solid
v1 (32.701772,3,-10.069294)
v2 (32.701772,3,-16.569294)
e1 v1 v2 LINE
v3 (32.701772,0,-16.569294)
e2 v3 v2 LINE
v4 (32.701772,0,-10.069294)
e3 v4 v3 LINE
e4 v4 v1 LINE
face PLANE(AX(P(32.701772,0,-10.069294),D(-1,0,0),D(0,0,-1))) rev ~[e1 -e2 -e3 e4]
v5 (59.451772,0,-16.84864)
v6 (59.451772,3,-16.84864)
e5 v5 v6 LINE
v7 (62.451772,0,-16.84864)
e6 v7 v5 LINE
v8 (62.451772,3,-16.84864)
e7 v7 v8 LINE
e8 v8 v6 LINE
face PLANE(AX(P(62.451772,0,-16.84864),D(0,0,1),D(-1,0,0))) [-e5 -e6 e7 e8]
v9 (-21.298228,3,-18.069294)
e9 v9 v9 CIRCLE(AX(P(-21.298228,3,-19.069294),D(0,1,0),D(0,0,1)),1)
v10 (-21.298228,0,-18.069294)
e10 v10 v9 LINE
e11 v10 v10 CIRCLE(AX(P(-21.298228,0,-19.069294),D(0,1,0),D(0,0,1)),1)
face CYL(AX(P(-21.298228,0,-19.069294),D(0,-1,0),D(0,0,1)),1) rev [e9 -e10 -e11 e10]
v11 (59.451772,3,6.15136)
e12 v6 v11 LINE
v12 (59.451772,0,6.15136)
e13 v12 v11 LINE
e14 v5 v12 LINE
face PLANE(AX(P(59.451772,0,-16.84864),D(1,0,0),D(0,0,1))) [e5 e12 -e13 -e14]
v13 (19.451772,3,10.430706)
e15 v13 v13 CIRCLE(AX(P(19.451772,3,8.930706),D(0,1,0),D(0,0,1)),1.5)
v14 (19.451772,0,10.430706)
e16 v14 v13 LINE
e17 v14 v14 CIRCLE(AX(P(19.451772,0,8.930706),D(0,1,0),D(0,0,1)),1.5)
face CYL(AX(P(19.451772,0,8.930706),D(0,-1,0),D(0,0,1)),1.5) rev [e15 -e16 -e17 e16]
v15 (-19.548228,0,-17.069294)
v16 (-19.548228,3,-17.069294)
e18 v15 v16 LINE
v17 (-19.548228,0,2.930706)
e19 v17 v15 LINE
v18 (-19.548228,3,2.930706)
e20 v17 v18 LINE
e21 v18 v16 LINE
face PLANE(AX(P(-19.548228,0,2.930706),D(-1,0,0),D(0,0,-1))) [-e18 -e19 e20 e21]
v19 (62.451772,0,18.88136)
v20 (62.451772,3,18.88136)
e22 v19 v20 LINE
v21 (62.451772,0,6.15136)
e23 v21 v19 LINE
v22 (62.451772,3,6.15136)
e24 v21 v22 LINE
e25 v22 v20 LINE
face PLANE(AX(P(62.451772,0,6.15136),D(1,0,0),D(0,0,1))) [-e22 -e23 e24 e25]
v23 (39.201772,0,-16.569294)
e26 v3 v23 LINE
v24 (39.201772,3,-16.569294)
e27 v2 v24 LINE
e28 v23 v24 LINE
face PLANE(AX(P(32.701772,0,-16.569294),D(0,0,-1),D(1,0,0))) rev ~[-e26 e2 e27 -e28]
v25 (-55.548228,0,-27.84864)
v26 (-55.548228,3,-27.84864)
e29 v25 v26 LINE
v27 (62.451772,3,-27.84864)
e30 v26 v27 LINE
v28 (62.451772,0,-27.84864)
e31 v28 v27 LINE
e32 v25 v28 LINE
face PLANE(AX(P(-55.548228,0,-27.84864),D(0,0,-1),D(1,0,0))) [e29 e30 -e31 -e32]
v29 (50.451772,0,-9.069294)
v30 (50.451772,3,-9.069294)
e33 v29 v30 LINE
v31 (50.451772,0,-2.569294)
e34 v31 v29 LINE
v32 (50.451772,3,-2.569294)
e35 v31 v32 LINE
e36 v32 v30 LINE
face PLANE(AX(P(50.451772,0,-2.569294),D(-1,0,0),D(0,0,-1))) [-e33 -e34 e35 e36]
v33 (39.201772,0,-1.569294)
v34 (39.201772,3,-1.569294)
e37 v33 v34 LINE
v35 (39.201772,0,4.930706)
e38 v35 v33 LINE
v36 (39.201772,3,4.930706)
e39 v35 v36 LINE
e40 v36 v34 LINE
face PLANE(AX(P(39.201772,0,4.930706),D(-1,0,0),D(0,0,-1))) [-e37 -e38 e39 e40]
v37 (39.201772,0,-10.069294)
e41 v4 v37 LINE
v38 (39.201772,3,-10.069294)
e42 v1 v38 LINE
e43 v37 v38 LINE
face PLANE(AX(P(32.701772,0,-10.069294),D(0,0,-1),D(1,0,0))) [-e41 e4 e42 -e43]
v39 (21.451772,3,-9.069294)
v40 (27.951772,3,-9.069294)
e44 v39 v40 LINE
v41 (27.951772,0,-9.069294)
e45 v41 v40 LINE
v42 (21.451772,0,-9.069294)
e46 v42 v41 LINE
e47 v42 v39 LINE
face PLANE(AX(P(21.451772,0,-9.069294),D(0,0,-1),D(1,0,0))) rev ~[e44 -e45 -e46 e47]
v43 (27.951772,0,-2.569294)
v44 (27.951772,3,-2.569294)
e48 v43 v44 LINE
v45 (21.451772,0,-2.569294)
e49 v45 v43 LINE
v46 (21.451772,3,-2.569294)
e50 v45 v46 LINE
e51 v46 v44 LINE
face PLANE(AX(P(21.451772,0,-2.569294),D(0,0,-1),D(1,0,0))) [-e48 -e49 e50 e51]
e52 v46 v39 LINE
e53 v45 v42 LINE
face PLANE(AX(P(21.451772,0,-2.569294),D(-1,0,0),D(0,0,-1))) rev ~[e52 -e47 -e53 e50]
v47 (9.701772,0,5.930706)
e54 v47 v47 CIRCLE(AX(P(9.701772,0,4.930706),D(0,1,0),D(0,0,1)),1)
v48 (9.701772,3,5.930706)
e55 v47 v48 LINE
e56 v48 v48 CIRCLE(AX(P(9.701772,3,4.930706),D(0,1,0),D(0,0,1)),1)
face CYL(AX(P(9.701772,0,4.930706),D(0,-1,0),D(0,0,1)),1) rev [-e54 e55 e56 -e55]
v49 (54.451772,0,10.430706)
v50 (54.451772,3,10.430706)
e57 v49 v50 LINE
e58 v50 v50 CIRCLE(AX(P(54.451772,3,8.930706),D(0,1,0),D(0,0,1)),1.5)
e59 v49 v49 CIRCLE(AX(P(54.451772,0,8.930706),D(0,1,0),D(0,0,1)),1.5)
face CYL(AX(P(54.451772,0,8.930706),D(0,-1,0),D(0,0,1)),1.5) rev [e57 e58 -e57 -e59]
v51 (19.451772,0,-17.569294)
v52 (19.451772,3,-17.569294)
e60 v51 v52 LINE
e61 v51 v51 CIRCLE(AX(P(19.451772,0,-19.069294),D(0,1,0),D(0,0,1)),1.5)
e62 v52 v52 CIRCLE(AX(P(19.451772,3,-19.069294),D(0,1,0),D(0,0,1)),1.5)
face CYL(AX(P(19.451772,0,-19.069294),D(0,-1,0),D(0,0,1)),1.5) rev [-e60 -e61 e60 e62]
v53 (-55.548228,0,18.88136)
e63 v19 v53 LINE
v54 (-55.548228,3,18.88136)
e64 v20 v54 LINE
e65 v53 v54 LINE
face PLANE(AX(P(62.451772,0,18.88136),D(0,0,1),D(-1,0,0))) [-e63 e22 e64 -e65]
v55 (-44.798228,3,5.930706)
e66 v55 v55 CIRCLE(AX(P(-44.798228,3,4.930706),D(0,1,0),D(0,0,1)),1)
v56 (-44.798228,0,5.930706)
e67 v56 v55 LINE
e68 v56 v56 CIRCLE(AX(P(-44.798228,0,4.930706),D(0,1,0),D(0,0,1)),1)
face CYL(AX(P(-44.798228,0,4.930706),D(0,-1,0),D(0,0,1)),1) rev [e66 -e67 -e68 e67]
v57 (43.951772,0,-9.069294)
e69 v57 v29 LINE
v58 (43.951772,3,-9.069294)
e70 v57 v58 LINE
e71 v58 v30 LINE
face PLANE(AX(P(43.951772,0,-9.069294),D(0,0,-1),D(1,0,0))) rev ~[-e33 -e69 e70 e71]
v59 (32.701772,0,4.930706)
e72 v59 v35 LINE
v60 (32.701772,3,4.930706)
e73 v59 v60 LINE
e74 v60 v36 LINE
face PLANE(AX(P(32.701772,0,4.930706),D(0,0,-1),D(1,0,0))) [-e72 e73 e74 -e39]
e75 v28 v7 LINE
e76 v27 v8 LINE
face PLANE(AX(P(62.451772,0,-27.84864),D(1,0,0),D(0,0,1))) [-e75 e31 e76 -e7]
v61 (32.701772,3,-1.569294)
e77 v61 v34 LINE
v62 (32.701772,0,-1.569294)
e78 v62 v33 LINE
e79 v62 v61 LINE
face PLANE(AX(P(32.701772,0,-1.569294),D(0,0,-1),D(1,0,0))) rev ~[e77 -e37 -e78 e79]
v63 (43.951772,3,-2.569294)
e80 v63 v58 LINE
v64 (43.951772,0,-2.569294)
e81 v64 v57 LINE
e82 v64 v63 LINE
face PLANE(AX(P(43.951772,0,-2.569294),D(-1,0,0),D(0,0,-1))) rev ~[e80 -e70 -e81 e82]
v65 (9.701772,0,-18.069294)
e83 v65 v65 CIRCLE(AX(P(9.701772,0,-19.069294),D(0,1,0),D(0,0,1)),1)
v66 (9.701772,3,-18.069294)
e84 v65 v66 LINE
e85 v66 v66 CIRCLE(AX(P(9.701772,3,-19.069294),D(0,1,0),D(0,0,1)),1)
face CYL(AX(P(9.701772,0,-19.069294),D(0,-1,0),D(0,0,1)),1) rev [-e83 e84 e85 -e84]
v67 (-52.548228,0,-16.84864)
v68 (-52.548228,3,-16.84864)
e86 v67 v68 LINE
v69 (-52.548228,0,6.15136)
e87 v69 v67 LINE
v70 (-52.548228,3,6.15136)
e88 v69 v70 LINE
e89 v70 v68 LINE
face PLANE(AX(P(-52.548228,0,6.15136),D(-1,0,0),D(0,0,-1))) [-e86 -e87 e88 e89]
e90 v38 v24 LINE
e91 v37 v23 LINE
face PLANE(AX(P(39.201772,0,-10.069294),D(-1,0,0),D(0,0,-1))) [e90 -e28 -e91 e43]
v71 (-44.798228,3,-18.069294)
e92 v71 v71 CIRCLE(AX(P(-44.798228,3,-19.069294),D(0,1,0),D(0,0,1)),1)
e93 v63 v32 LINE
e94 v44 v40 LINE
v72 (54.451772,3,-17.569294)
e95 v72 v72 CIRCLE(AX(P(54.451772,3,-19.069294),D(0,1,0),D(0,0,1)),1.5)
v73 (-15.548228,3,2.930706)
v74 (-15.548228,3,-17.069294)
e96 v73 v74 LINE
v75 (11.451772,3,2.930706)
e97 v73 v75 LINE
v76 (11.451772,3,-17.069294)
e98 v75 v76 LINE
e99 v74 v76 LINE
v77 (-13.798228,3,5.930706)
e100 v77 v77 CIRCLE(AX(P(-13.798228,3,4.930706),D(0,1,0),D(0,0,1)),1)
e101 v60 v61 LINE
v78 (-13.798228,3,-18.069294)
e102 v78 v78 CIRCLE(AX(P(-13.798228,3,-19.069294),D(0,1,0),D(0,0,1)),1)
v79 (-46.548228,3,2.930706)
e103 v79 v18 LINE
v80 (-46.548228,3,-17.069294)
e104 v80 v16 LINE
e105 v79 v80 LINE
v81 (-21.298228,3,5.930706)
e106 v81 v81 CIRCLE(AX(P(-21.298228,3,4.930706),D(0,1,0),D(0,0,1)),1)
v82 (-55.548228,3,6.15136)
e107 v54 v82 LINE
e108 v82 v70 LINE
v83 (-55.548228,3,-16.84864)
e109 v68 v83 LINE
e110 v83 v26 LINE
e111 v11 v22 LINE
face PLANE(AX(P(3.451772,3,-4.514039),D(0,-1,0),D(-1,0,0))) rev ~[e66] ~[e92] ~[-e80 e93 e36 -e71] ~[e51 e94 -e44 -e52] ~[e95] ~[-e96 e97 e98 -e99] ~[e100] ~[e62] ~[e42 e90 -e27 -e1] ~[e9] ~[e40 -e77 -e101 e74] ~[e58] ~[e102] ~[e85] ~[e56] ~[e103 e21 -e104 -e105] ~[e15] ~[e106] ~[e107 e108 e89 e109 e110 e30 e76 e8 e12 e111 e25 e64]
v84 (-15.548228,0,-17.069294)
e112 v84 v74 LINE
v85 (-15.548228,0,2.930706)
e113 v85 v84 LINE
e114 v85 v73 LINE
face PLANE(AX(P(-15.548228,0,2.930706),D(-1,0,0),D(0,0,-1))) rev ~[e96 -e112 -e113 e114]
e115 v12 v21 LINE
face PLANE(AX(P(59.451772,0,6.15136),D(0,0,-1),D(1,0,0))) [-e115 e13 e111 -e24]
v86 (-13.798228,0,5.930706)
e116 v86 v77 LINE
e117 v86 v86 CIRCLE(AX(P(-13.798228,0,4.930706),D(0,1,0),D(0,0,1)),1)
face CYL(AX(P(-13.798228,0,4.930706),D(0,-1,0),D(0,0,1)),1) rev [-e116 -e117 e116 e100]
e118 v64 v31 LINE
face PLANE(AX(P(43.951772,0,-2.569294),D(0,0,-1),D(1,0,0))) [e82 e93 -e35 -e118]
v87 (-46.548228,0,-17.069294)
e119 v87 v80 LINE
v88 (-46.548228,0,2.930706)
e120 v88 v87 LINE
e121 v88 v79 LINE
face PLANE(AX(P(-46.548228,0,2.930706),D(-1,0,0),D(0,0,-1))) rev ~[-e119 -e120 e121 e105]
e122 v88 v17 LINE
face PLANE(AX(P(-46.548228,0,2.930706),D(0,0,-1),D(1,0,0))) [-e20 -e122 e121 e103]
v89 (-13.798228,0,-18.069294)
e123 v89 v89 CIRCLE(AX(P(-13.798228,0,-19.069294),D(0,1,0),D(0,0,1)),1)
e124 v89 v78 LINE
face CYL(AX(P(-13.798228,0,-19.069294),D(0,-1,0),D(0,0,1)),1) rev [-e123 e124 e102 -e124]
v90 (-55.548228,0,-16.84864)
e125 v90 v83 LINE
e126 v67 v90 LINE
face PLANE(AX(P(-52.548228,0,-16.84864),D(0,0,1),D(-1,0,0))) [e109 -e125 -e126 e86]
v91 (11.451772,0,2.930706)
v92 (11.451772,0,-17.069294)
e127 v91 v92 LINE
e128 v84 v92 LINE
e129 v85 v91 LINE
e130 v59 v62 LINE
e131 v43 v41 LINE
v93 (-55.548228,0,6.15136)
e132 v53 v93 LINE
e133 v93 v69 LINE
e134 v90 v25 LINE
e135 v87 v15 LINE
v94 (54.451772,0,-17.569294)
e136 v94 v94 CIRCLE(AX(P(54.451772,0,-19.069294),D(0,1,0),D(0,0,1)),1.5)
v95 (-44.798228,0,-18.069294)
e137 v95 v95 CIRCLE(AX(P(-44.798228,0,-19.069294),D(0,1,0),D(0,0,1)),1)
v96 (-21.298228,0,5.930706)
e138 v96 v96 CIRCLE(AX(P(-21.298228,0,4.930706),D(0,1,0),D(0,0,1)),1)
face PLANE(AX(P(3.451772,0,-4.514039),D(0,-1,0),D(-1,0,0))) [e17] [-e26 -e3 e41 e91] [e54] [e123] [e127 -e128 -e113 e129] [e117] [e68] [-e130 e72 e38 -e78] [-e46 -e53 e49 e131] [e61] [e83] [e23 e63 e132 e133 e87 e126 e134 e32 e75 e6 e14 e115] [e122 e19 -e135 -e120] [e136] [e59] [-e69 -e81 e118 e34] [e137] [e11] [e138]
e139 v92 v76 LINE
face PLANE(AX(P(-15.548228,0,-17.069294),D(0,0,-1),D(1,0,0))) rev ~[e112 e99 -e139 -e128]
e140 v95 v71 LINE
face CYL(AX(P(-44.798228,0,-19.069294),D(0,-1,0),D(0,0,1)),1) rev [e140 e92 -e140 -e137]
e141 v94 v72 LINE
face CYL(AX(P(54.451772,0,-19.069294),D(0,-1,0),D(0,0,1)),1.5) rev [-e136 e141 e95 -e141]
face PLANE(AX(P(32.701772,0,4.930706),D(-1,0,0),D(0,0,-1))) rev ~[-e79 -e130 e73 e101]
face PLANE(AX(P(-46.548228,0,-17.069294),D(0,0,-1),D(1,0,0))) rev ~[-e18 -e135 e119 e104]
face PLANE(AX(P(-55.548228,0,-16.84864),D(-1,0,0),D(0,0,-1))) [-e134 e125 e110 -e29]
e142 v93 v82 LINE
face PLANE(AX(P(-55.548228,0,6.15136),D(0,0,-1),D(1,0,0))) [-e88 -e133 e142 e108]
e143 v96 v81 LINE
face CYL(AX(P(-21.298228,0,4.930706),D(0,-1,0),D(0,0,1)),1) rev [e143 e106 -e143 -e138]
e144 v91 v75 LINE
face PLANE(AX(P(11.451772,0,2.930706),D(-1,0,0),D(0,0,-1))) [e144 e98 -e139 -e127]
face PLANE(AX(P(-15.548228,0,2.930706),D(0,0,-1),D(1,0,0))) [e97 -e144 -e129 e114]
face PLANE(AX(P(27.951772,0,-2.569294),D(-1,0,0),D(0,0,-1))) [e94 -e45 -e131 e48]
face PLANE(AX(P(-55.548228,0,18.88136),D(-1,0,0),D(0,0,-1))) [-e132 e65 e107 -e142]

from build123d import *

# Parameters (mm, degrees)
SKETCH1_R           = 1.5
SKETCH1_R_2         = 1
SKETCH1_W           = 27
SKETCH1_H           = 20
SKETCH1_W_2         = 6.5
SKETCH1_H_2         = 6.5
BOSS_EXTRUDE1_DEPTH = 3


with BuildPart() as part:
    # Sketch1 → Boss-Extrude1 (new body)
    with BuildSketch(Plane(origin=(0, 0, 0), x_dir=(1, 0, 0), z_dir=(0, 1, 0))):
        Polygon((-55.548227769, -6.151360111), (-52.548227769, -6.151360111), (-52.548227769, 16.848639889), (-55.548227769, 16.848639889), (-55.548227769, 27.848639889), (62.451772231, 27.848639889), (62.451772231, 16.848639889), (59.451772231, 16.848639889), (59.451772231, -6.151360111), (62.451772231, -6.151360111), (62.451772231, -18.881360111), (-55.548227769, -18.881360111), align=None)
        with Locations(Location((19.451772231, 19.069293812, 0), (0, 0, 270))):
            Circle(SKETCH1_R, mode=Mode.SUBTRACT)
        with Locations(Location((54.451772231, 19.069293812, 0), (0, 0, 270))):
            Circle(SKETCH1_R, mode=Mode.SUBTRACT)
        with Locations(Location((54.451772231, -8.930706188, 0), (0, 0, 270))):
            Circle(SKETCH1_R, mode=Mode.SUBTRACT)
        with Locations(Location((19.451772231, -8.930706188, 0), (0, 0, 270))):
            Circle(SKETCH1_R, mode=Mode.SUBTRACT)
        with Locations(Location((9.701772231, 19.069293812, 0), (0, 0, 270))):
            Circle(SKETCH1_R_2, mode=Mode.SUBTRACT)
        with Locations(Location((9.701772231, -4.930706188, 0), (0, 0, 270))):
            Circle(SKETCH1_R_2, mode=Mode.SUBTRACT)
        with Locations(Location((-13.798227769, -4.930706188, 0), (0, 0, 270))):
            Circle(SKETCH1_R_2, mode=Mode.SUBTRACT)
        with Locations(Location((-13.798227769, 19.069293812, 0), (0, 0, 270))):
            Circle(SKETCH1_R_2, mode=Mode.SUBTRACT)
        with Locations(Location((-44.798227769, 19.069293812, 0), (0, 0, 270))):
            Circle(SKETCH1_R_2, mode=Mode.SUBTRACT)
        with Locations(Location((-21.298227769, 19.069293812, 0), (0, 0, 270))):
            Circle(SKETCH1_R_2, mode=Mode.SUBTRACT)
        with Locations(Location((-44.798227769, -4.930706188, 0), (0, 0, 270))):
            Circle(SKETCH1_R_2, mode=Mode.SUBTRACT)
        with Locations(Location((-21.298227769, -4.930706188, 0), (0, 0, 270))):
            Circle(SKETCH1_R_2, mode=Mode.SUBTRACT)
        with Locations((-2.048227769, 7.069293812)):
            Rectangle(SKETCH1_W, SKETCH1_H, mode=Mode.SUBTRACT)
        with Locations((-33.048227769, 7.069293812)):
            Rectangle(SKETCH1_W, SKETCH1_H, mode=Mode.SUBTRACT)
        with Locations((35.951772231, 13.319293812)):
            Rectangle(SKETCH1_W_2, SKETCH1_H_2, mode=Mode.SUBTRACT)
        with Locations((47.201772231, 5.819293812)):
            Rectangle(SKETCH1_W_2, SKETCH1_H_2, mode=Mode.SUBTRACT)
        with Locations((35.951772231, -1.680706188)):
            Rectangle(SKETCH1_W_2, SKETCH1_H_2, mode=Mode.SUBTRACT)
        with Locations((24.701772231, 5.819293812)):
            Rectangle(SKETCH1_W_2, SKETCH1_H_2, mode=Mode.SUBTRACT)
    extrude(amount=BOSS_EXTRUDE1_DEPTH)


solid = part.part
